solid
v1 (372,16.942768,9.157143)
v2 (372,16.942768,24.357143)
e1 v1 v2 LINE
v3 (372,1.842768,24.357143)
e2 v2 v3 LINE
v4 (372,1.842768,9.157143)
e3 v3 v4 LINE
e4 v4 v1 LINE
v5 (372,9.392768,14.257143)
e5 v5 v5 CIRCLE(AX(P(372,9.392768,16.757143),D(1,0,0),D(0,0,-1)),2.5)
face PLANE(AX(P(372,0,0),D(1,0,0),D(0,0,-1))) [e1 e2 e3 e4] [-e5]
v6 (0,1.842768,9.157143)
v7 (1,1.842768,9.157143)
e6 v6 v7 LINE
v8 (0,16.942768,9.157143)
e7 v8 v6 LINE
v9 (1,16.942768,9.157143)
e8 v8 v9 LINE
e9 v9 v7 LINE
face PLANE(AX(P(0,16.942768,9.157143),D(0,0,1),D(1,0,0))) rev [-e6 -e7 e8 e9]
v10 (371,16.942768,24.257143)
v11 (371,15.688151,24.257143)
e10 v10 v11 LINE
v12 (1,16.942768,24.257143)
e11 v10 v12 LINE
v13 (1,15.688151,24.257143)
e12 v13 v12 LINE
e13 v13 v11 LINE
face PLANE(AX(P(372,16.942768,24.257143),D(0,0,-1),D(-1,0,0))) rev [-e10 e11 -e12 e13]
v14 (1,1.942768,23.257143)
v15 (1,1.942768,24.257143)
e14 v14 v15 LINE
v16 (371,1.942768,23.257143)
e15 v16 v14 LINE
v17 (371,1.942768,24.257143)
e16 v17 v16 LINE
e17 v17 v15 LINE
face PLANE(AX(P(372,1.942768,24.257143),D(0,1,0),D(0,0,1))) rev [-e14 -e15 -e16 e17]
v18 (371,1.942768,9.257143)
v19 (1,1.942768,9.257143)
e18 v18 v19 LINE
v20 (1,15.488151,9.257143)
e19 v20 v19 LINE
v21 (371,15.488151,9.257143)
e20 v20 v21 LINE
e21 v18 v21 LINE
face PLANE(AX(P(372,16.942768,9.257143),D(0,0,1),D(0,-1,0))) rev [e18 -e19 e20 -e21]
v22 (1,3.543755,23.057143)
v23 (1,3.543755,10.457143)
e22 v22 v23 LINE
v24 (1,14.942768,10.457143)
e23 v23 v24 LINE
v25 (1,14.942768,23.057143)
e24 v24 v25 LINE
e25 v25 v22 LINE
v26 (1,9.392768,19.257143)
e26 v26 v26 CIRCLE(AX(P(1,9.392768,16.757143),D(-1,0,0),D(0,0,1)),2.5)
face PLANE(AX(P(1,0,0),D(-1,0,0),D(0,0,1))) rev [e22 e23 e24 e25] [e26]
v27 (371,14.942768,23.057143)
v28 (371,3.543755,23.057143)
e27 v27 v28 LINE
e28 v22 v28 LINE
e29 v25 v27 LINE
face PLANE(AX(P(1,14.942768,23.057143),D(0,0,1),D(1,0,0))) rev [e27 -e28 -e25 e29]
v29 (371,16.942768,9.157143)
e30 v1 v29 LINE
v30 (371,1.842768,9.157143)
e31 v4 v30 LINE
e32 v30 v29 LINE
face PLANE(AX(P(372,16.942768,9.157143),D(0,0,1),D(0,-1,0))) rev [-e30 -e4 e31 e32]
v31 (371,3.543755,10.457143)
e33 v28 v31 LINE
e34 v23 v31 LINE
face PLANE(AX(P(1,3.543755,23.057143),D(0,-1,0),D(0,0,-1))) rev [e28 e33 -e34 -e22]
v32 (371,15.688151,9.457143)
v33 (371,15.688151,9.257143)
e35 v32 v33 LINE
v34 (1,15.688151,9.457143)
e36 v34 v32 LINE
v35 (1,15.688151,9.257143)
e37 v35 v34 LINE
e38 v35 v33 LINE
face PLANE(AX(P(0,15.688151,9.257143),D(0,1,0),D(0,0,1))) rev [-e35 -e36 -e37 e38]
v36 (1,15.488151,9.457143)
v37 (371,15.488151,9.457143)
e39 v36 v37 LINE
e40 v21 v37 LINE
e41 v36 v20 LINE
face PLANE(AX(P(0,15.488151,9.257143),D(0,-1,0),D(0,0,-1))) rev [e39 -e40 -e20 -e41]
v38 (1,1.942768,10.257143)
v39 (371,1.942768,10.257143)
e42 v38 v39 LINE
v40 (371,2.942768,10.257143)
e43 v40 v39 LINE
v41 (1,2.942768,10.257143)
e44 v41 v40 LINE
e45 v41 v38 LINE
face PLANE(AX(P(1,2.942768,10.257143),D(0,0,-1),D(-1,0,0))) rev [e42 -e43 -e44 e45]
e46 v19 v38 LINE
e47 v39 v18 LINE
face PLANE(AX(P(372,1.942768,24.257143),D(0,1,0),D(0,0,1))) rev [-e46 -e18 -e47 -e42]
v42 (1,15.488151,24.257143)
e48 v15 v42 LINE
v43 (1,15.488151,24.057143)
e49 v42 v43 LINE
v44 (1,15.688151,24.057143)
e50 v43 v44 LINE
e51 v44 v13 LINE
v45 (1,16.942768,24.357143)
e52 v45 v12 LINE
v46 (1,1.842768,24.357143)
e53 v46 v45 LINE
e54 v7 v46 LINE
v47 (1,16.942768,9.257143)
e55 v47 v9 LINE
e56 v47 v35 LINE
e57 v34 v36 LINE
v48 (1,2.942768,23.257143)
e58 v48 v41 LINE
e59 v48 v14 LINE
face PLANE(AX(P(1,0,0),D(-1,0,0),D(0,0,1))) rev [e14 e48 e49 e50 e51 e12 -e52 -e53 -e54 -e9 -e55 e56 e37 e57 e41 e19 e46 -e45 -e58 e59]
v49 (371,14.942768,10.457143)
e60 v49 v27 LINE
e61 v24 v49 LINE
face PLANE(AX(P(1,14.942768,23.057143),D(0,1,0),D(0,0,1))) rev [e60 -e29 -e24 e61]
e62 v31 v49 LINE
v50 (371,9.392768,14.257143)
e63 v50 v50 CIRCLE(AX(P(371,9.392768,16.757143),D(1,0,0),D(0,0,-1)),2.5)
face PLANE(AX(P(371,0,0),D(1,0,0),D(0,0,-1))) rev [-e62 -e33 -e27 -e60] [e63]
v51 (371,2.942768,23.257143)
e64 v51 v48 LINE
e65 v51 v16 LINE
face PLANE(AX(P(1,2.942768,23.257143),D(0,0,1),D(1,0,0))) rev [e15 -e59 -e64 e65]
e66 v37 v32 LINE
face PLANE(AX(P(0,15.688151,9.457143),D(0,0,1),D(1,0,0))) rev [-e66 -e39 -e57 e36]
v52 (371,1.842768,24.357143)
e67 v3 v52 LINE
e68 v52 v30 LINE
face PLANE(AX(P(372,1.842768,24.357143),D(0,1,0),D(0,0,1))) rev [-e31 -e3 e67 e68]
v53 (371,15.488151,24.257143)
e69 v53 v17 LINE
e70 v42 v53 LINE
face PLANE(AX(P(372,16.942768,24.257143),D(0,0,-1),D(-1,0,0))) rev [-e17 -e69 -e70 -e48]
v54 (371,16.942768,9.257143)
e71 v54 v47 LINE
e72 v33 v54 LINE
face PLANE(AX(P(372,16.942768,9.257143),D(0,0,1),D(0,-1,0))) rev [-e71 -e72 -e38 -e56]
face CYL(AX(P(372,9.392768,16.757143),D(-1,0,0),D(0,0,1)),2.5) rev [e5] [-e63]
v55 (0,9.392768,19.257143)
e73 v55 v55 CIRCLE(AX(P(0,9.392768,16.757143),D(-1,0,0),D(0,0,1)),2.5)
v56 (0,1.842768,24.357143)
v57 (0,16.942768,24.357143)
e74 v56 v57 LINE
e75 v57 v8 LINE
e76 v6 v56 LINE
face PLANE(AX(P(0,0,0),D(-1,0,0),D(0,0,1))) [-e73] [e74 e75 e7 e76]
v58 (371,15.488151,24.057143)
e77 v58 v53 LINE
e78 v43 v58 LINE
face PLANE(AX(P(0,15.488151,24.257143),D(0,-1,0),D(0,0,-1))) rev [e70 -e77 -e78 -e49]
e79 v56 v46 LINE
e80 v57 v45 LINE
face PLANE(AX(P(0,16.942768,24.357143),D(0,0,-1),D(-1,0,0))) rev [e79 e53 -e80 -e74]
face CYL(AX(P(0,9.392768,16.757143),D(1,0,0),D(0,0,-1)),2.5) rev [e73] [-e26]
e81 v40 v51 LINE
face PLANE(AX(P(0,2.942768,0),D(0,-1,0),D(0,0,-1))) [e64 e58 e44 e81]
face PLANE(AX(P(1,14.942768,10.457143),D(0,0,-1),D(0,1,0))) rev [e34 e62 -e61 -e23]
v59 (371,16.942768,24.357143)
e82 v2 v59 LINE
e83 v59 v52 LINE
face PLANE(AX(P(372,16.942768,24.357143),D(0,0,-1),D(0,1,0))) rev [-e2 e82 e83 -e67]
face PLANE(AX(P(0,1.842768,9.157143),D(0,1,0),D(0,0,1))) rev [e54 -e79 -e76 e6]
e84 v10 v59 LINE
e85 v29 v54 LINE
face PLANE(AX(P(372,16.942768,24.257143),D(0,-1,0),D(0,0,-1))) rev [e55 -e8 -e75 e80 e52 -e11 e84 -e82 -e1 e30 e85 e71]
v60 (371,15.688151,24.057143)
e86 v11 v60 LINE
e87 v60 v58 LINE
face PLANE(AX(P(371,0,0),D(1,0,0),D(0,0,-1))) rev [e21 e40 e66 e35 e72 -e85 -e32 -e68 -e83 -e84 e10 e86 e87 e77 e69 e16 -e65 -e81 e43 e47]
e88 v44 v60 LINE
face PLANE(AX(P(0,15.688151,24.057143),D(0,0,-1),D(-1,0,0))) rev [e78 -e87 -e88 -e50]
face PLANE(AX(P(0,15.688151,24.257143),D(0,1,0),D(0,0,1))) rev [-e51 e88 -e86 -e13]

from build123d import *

# Parameters (mm, degrees)
SKETCH_1_W          = 15
SKETCH_1_H          = 15
EXTRUDE_1_DEPTH     = 372
SKETCH_2_R          = 2.6
SKETCH_2_W          = 0.2
SKETCH_2_H          = 0.2
CUT_EXTRUDE_2_DEPTH = 372
SKETCH_3_W          = 370
SKETCH_3_H          = 13
CUT_EXTRUDE_3_DEPTH = 1
SKETCH_4_W          = 15
SKETCH_4_H          = 15
CUT_EXTRUDE_4_DEPTH = 1
SKETCH_5_W          = 15
SKETCH_5_H          = 15
CUT_EXTRUDE_5_DEPTH = 1
SKETCH_6_W          = 12.6
SKETCH_6_H          = 11.399012469
CUT_EXTRUDE_6_DEPTH = 370
SKETCH_7_W          = 15.2
SKETCH_7_H          = 15.1
SKETCH_7_R          = 2.5
EXTRUDE_4_DEPTH     = 1
EXTRUDE_START       = 1
SKETCH_8_W          = 15.2
SKETCH_8_H          = 15.1
SKETCH_8_R          = 2.5
EXTRUDE_5_DEPTH     = 1


with BuildPart() as part:
    # 草图1 → 凸台-拉伸1 (new body)
    with BuildSketch(Plane(origin=(0, 0, 0), x_dir=(0, 0, -1), z_dir=(1, 0, 0))):
        with Locations((-16.757142857, 9.442767842)):
            Rectangle(SKETCH_1_W, SKETCH_1_H)
    extrude(amount=EXTRUDE_1_DEPTH)

    # 草图2 → 切除-拉伸2 (cut)
    with BuildSketch(Plane(origin=(372, 0, 0), x_dir=(0, 0, -1), z_dir=(1, 0, 0))):
        with Locations((-16.757142857, 9.442767842)):
            Circle(SKETCH_2_R)
        with Locations((-24.157142857, 15.588150761)):
            Rectangle(SKETCH_2_W, SKETCH_2_H)
        with Locations((-9.357142857, 15.588150761)):
            Rectangle(SKETCH_2_W, SKETCH_2_H)
    extrude(amount=-CUT_EXTRUDE_2_DEPTH, mode=Mode.SUBTRACT)

    # 草图3 → 切除-拉伸3 (cut)
    with BuildSketch(Plane.XZ.offset(-1.942767842)):
        with Locations((186, 16.757142857)):
            Rectangle(SKETCH_3_W, SKETCH_3_H)
    extrude(amount=-CUT_EXTRUDE_3_DEPTH, mode=Mode.SUBTRACT)

    # 草图4 → 切除-拉伸4 (cut)
    with BuildSketch(Plane.ZY):
        with Locations((16.757142857, 9.442767842)):
            Rectangle(SKETCH_4_W, SKETCH_4_H)
    extrude(amount=-CUT_EXTRUDE_4_DEPTH, mode=Mode.SUBTRACT)

    # 草图5 → 切除-拉伸5 (cut)
    with BuildSketch(Plane(origin=(372, 0, 0), x_dir=(0, 0, -1), z_dir=(1, 0, 0))):
        with Locations((-16.757142857, 9.442767842)):
            Rectangle(SKETCH_5_W, SKETCH_5_H)
    extrude(amount=-CUT_EXTRUDE_5_DEPTH, mode=Mode.SUBTRACT)

    # 草图6 → 切除-拉伸6 (cut)
    with BuildSketch(Plane(origin=(371, 0, 0), x_dir=(0, 0, -1), z_dir=(1, 0, 0))):
        with Locations((-16.757142857, 9.243261608)):
            Rectangle(SKETCH_6_W, SKETCH_6_H)
    extrude(amount=-CUT_EXTRUDE_6_DEPTH, mode=Mode.SUBTRACT)

    # 草图7 → 凸台-拉伸4 (add)
    with BuildSketch(Plane(origin=(371, 0, 0), x_dir=(0, 0, -1), z_dir=(1, 0, 0))):
        with Locations((-16.757142857, 9.392767842)):
            Rectangle(SKETCH_7_W, SKETCH_7_H)
        with Locations((-16.757142857, 9.392767842)):
            Circle(SKETCH_7_R, mode=Mode.SUBTRACT)
    extrude(amount=EXTRUDE_4_DEPTH)

    # 草图8 → 凸台-拉伸5 (add)
    with BuildSketch(Plane.ZY.offset(-1).offset(EXTRUDE_START)):
        with Locations((16.757142857, 9.392767842)):
            Rectangle(SKETCH_8_W, SKETCH_8_H)
        with Locations(Location((16.757142857, 9.392767842, 0), (0, 0, 180))):
            Circle(SKETCH_8_R, mode=Mode.SUBTRACT)
    extrude(amount=-EXTRUDE_5_DEPTH)


solid = part.part
